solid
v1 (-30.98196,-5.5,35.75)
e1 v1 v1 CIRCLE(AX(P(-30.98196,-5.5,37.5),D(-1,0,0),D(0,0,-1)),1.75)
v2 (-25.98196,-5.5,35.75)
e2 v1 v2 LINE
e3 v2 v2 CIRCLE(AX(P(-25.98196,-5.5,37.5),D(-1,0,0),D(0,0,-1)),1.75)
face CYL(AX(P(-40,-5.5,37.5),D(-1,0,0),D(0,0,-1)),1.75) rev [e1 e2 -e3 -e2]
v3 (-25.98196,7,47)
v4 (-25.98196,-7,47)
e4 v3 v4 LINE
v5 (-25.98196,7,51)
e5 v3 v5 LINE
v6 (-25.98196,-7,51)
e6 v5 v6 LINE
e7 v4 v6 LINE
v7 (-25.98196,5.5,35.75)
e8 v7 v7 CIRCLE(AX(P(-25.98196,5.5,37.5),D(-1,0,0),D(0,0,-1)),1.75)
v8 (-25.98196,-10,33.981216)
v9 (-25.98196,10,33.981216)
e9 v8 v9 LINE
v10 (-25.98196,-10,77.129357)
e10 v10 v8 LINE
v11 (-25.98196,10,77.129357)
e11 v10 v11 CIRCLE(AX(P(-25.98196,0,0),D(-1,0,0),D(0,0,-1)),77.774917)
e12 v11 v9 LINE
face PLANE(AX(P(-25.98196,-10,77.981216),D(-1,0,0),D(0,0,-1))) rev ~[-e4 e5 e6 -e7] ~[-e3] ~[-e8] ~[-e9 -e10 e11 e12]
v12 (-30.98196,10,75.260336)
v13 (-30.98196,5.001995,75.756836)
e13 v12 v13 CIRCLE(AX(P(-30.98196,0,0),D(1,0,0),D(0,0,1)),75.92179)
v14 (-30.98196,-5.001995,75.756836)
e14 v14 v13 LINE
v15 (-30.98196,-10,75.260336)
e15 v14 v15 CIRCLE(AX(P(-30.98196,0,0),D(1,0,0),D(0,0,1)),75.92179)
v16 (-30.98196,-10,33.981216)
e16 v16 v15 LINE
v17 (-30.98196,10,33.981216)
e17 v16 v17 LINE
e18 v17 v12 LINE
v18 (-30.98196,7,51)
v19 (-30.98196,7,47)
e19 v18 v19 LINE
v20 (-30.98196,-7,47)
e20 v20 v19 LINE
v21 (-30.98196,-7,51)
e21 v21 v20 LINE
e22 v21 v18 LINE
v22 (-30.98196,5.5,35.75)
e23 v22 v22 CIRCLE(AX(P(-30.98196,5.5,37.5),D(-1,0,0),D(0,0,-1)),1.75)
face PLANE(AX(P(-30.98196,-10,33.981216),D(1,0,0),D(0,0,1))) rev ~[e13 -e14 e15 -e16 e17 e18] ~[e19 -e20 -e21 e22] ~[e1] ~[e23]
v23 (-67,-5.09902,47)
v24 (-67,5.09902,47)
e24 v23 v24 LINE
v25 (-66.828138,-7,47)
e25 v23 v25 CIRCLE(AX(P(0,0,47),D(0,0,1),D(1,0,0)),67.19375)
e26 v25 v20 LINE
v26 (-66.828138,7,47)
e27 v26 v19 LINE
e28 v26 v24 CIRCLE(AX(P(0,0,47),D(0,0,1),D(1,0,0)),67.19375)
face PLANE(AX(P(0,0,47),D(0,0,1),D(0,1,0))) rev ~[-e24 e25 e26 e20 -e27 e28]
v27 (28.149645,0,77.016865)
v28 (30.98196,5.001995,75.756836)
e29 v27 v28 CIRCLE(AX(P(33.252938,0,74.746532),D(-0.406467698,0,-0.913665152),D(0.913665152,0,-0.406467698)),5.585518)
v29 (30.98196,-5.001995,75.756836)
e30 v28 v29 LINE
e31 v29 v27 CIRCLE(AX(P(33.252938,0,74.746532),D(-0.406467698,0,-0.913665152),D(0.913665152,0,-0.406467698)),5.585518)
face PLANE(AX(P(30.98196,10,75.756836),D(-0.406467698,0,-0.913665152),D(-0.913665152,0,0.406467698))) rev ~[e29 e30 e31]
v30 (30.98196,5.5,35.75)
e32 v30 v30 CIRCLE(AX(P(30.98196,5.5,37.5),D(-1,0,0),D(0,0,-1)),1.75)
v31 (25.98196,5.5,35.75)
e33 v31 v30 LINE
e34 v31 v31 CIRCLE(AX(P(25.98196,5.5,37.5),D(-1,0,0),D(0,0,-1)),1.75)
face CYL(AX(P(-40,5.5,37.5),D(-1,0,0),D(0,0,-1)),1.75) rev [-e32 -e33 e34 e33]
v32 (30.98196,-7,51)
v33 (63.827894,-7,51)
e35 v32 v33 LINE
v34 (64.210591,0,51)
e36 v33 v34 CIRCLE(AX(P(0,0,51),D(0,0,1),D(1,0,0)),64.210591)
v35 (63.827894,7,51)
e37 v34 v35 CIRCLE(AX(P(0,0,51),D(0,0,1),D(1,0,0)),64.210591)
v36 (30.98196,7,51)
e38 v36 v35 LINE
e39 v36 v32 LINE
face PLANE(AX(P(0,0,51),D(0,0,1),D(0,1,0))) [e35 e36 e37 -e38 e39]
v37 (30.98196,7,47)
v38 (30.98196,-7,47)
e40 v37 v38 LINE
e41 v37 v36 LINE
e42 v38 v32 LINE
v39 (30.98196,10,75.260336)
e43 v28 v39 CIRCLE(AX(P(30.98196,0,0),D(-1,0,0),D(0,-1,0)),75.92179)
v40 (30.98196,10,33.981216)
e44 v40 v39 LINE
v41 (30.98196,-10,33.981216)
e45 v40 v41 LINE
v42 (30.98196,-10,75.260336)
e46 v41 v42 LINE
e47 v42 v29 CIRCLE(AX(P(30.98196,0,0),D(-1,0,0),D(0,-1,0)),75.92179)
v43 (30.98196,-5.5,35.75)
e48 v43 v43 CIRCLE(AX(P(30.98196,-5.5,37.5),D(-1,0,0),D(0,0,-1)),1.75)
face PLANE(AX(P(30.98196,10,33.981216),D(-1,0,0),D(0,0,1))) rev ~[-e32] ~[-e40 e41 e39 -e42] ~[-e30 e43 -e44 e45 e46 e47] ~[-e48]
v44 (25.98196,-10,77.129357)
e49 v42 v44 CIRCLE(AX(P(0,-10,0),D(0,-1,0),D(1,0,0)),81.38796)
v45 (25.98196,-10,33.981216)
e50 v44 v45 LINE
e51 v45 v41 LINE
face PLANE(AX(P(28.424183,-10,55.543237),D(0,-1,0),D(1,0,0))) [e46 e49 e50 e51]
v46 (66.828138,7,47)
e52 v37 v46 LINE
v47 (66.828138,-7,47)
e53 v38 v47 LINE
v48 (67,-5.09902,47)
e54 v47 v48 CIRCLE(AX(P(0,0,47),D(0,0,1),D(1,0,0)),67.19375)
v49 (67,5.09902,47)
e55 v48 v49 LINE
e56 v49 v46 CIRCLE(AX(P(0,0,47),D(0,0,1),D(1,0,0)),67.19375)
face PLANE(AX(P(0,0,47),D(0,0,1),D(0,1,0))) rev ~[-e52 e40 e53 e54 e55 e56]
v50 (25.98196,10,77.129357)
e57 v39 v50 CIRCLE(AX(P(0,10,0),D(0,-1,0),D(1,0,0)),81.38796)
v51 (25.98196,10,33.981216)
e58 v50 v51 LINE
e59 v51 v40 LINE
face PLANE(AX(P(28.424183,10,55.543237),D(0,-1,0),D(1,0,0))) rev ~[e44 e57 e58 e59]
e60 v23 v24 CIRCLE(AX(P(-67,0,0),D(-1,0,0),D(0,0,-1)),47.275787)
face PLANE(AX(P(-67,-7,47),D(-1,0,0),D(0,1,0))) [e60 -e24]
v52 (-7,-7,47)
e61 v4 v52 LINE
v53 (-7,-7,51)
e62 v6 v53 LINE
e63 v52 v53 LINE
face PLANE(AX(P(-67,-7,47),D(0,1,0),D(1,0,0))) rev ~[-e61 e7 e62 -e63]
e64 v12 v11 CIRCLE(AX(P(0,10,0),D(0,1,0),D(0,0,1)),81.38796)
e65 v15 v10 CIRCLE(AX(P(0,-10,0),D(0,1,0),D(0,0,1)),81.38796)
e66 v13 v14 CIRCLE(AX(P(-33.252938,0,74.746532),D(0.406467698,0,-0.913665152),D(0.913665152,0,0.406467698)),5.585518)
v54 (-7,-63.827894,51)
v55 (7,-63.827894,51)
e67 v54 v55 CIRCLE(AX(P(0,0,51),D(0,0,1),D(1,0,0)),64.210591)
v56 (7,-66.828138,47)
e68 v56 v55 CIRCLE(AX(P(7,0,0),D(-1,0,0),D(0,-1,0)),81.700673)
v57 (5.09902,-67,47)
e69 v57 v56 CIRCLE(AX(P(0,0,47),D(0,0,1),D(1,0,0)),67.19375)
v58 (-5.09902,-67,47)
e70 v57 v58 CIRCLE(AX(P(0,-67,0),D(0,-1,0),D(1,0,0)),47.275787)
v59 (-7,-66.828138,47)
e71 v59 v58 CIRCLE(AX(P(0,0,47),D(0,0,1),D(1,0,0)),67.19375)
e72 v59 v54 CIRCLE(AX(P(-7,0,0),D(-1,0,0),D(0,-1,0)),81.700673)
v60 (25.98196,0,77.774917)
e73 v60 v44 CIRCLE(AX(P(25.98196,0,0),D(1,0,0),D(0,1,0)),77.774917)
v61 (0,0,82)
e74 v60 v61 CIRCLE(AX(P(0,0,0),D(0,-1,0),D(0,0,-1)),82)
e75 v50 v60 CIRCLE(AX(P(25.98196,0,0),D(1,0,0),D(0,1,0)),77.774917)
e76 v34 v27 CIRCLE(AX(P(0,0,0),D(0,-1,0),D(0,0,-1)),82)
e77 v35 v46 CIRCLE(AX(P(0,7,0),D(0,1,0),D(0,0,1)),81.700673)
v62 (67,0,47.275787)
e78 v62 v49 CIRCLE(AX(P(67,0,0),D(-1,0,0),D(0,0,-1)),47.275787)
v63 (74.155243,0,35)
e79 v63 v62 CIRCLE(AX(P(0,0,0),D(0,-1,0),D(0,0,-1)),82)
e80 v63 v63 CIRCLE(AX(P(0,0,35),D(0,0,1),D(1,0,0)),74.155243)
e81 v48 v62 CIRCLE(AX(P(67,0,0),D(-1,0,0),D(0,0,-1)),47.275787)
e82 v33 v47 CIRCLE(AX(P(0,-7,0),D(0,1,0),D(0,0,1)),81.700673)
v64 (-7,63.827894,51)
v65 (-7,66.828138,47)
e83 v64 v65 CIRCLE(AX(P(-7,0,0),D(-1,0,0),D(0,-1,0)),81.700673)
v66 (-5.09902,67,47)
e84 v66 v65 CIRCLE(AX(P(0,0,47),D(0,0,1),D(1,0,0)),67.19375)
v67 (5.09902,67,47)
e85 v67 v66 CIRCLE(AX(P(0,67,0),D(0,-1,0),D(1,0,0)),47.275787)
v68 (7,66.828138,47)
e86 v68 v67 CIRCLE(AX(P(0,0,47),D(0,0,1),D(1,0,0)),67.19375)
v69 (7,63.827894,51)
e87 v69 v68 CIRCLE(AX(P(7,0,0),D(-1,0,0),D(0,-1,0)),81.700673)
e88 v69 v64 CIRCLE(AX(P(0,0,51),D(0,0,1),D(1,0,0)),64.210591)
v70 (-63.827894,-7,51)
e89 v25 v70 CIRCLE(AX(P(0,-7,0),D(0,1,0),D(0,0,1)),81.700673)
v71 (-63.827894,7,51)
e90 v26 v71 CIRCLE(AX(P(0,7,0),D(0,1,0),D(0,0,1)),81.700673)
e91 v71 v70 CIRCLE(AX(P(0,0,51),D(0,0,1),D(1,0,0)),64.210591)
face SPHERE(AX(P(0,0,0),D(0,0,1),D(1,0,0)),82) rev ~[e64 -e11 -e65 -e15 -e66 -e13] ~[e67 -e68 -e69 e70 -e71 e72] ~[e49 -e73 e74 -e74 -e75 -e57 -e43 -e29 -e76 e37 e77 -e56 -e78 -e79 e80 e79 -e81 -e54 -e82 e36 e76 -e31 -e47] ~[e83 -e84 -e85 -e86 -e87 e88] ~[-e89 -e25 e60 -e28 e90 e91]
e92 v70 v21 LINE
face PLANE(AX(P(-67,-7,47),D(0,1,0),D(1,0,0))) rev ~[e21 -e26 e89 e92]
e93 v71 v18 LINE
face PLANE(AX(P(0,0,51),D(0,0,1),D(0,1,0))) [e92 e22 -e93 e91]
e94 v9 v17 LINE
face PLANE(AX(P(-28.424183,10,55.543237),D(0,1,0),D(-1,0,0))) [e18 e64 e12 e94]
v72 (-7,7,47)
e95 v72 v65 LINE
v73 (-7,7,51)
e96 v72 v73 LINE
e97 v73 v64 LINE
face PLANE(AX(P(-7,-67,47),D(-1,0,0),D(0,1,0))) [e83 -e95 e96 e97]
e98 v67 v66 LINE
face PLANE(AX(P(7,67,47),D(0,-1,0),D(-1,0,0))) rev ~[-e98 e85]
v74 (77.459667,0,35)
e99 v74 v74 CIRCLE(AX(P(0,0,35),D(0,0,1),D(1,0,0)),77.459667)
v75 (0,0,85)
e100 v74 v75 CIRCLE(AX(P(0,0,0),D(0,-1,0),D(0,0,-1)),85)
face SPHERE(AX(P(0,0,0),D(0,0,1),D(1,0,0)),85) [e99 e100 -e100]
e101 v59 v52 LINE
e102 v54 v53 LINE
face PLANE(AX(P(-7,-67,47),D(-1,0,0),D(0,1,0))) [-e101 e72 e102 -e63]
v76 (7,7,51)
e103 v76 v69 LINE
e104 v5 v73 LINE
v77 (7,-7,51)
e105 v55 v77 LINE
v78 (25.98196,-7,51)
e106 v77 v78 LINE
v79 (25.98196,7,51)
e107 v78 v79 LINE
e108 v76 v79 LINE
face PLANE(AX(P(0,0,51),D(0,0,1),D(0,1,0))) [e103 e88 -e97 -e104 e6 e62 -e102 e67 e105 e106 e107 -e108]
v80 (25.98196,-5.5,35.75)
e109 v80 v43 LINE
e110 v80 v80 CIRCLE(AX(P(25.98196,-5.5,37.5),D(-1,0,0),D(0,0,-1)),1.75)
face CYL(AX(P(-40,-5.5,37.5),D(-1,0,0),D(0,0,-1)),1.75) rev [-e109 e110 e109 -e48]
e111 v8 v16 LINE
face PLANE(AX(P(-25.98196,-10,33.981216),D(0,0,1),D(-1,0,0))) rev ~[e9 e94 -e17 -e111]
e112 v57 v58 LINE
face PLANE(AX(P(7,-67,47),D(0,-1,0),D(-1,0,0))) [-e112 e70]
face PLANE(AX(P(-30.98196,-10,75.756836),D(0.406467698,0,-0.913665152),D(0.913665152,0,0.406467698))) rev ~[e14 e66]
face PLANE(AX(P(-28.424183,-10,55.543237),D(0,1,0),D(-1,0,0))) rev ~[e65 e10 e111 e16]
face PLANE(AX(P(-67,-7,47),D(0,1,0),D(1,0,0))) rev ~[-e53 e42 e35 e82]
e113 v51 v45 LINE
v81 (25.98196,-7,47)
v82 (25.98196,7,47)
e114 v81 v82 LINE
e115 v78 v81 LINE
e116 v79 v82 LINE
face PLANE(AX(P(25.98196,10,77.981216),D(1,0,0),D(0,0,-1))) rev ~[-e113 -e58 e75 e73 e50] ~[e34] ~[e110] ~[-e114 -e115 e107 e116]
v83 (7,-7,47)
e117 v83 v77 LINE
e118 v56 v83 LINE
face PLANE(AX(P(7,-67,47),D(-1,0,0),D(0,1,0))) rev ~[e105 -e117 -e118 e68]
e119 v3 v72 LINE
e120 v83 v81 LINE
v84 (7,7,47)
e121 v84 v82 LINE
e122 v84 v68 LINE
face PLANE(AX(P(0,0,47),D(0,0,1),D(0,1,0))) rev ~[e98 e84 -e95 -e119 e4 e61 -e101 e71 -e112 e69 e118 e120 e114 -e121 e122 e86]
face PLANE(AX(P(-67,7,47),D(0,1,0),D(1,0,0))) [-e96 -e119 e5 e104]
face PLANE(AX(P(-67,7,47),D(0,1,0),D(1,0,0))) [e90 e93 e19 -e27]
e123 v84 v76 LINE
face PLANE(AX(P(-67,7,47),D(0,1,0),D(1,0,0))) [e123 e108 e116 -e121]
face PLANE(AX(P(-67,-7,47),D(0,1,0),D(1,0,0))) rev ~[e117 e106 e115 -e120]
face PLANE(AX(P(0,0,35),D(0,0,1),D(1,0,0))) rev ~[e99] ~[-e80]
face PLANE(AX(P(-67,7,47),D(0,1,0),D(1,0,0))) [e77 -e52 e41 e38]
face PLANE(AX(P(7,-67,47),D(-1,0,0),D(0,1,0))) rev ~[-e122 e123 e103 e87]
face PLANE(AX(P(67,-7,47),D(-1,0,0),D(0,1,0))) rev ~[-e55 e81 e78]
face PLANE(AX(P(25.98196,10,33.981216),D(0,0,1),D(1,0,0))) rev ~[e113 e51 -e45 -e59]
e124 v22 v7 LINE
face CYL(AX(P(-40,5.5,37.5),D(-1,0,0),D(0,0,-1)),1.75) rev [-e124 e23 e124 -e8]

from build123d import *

# Parameters (mm, degrees)
CYLINDER023_R            = 1.75
CYLINDER023_DEPTH        = 80
CYLINDER023_PITCH_ANGLE  = 90
CYLINDER022_R            = 1.75
CYLINDER022_DEPTH        = 80
CYLINDER022_PITCH_ANGLE  = 90
BOX017_W                 = 134
BOX017_H                 = 14
BOX017_DEPTH             = 4
BOX017_PLACEMENT_ANGLE   = 90
PAD026_DEPTH             = 20
CLONE137_PLACEMENT_ANGLE = 180
BOX015_W                 = 400
BOX015_H                 = 400
BOX015_DEPTH             = 185
BOX016_W                 = 134
BOX016_H                 = 14
BOX016_DEPTH             = 4


with BuildPart() as cilindro019:
    # Cylinder023 → Cylinder023 (new body)
    with BuildSketch(Plane.XY):
        Circle(CYLINDER023_R)
    extrude(amount=CYLINDER023_DEPTH)


with BuildPart() as cilindro019_1:
    # Cylinder023 pitch: moved
    add(cilindro019.part.rotate(Axis((0, 0, 0), (0, 1, 0)), CYLINDER023_PITCH_ANGLE))


with BuildPart() as cilindro019_2:
    # Cylinder023 placement: moved
    add(cilindro019_1.part.moved(Location((-40, -5.5, 37.5))))


with BuildPart() as fusion024:
    # Cylinder022 → Cylinder022 (new body)
    with BuildSketch(Plane.XY):
        Circle(CYLINDER022_R)
    extrude(amount=CYLINDER022_DEPTH)


with BuildPart() as fusion024_1:
    # Cylinder022 pitch: moved
    add(fusion024.part.rotate(Axis((0, 0, 0), (0, 1, 0)), CYLINDER022_PITCH_ANGLE))


with BuildPart() as fusion024_2:
    # Cylinder022 placement: moved
    add(fusion024_1.part.moved(Location((-40, 5.5, 37.5))))

    # Fusion024: union Cilindro019
    add(cilindro019_2.part)


with BuildPart() as cubo017:
    # Box017 → Box017 (new body)
    with BuildSketch(Plane.XY):
        with Locations((67, 7)):
            Rectangle(BOX017_W, BOX017_H)
    extrude(amount=BOX017_DEPTH)


with BuildPart() as cubo017_1:
    # Box017 placement: moved
    add(cubo017.part.moved(Location((7, -67, 47))).rotate(Axis((7, -67, 47), (0, 0, 1)), BOX017_PLACEMENT_ANGLE))


with BuildPart() as pad026:
    # Sketch024 → Pad026 (new body)
    with BuildSketch(Plane.XZ.offset(10)):
        Polygon((-25.98196, 33.981216), (-30.98196, 33.981216), (-30.98196, 75.756836), (-25.98196, 77.981216), align=None)
    extrude(amount=-PAD026_DEPTH)


with BuildPart() as clone_of_pad026:
    # Clone137 base: copy of Pad026
    add(pad026.part)


with BuildPart() as clone_of_pad026_1:
    # Clone137 placement: moved
    add(clone_of_pad026.part.moved(Location((0, 0, 0))).rotate(Axis((0, 0, 0), (0, 0, 1)), CLONE137_PLACEMENT_ANGLE))


with BuildPart() as esfera001:
    # Sphere001 → Sphere001 (revolve)
    with BuildSketch(Plane.XZ):
        with BuildLine():
            ThreePointArc((0, -82), (82, 0), (0, 82))
            Line((0, 82), (0, -82))
        make_face()
    revolve(axis=Axis((0, 0, 0), (0, 0, 1)))


with BuildPart() as cubo015:
    # Box015 → Box015 (new body)
    with BuildSketch(Plane(origin=(-200, -200, -150), x_dir=(1, 0, 0), z_dir=(0, 0, 1))):
        with Locations((200, 200)):
            Rectangle(BOX015_W, BOX015_H)
    extrude(amount=BOX015_DEPTH)


with BuildPart() as cut034:
    # Sphere → Sphere (revolve)
    with BuildSketch(Plane.XZ):
        with BuildLine():
            ThreePointArc((0, -85), (85, 0), (0, 85))
            Line((0, 85), (0, -85))
        make_face()
    revolve(axis=Axis((0, 0, 0), (0, 0, 1)))

    # Cut033: cut Cubo015
    add(cubo015.part, mode=Mode.SUBTRACT)

    # Cut034: cut Esfera001
    add(esfera001.part, mode=Mode.SUBTRACT)


with BuildPart() as cut035:
    # Box016 → Box016 (new body)
    with BuildSketch(Plane(origin=(-67, -7, 47), x_dir=(1, 0, 0), z_dir=(0, 0, 1))):
        with Locations((67, 7)):
            Rectangle(BOX016_W, BOX016_H)
    extrude(amount=BOX016_DEPTH)

    # Fusion023: union Cubo017, Pad026, Clone of Pad026, Cut034
    add(cubo017_1.part)
    add(pad026.part)
    add(clone_of_pad026_1.part)
    add(cut034.part)

    # Cut035: cut Fusion024
    add(fusion024_2.part, mode=Mode.SUBTRACT)


solid = cut035.part
